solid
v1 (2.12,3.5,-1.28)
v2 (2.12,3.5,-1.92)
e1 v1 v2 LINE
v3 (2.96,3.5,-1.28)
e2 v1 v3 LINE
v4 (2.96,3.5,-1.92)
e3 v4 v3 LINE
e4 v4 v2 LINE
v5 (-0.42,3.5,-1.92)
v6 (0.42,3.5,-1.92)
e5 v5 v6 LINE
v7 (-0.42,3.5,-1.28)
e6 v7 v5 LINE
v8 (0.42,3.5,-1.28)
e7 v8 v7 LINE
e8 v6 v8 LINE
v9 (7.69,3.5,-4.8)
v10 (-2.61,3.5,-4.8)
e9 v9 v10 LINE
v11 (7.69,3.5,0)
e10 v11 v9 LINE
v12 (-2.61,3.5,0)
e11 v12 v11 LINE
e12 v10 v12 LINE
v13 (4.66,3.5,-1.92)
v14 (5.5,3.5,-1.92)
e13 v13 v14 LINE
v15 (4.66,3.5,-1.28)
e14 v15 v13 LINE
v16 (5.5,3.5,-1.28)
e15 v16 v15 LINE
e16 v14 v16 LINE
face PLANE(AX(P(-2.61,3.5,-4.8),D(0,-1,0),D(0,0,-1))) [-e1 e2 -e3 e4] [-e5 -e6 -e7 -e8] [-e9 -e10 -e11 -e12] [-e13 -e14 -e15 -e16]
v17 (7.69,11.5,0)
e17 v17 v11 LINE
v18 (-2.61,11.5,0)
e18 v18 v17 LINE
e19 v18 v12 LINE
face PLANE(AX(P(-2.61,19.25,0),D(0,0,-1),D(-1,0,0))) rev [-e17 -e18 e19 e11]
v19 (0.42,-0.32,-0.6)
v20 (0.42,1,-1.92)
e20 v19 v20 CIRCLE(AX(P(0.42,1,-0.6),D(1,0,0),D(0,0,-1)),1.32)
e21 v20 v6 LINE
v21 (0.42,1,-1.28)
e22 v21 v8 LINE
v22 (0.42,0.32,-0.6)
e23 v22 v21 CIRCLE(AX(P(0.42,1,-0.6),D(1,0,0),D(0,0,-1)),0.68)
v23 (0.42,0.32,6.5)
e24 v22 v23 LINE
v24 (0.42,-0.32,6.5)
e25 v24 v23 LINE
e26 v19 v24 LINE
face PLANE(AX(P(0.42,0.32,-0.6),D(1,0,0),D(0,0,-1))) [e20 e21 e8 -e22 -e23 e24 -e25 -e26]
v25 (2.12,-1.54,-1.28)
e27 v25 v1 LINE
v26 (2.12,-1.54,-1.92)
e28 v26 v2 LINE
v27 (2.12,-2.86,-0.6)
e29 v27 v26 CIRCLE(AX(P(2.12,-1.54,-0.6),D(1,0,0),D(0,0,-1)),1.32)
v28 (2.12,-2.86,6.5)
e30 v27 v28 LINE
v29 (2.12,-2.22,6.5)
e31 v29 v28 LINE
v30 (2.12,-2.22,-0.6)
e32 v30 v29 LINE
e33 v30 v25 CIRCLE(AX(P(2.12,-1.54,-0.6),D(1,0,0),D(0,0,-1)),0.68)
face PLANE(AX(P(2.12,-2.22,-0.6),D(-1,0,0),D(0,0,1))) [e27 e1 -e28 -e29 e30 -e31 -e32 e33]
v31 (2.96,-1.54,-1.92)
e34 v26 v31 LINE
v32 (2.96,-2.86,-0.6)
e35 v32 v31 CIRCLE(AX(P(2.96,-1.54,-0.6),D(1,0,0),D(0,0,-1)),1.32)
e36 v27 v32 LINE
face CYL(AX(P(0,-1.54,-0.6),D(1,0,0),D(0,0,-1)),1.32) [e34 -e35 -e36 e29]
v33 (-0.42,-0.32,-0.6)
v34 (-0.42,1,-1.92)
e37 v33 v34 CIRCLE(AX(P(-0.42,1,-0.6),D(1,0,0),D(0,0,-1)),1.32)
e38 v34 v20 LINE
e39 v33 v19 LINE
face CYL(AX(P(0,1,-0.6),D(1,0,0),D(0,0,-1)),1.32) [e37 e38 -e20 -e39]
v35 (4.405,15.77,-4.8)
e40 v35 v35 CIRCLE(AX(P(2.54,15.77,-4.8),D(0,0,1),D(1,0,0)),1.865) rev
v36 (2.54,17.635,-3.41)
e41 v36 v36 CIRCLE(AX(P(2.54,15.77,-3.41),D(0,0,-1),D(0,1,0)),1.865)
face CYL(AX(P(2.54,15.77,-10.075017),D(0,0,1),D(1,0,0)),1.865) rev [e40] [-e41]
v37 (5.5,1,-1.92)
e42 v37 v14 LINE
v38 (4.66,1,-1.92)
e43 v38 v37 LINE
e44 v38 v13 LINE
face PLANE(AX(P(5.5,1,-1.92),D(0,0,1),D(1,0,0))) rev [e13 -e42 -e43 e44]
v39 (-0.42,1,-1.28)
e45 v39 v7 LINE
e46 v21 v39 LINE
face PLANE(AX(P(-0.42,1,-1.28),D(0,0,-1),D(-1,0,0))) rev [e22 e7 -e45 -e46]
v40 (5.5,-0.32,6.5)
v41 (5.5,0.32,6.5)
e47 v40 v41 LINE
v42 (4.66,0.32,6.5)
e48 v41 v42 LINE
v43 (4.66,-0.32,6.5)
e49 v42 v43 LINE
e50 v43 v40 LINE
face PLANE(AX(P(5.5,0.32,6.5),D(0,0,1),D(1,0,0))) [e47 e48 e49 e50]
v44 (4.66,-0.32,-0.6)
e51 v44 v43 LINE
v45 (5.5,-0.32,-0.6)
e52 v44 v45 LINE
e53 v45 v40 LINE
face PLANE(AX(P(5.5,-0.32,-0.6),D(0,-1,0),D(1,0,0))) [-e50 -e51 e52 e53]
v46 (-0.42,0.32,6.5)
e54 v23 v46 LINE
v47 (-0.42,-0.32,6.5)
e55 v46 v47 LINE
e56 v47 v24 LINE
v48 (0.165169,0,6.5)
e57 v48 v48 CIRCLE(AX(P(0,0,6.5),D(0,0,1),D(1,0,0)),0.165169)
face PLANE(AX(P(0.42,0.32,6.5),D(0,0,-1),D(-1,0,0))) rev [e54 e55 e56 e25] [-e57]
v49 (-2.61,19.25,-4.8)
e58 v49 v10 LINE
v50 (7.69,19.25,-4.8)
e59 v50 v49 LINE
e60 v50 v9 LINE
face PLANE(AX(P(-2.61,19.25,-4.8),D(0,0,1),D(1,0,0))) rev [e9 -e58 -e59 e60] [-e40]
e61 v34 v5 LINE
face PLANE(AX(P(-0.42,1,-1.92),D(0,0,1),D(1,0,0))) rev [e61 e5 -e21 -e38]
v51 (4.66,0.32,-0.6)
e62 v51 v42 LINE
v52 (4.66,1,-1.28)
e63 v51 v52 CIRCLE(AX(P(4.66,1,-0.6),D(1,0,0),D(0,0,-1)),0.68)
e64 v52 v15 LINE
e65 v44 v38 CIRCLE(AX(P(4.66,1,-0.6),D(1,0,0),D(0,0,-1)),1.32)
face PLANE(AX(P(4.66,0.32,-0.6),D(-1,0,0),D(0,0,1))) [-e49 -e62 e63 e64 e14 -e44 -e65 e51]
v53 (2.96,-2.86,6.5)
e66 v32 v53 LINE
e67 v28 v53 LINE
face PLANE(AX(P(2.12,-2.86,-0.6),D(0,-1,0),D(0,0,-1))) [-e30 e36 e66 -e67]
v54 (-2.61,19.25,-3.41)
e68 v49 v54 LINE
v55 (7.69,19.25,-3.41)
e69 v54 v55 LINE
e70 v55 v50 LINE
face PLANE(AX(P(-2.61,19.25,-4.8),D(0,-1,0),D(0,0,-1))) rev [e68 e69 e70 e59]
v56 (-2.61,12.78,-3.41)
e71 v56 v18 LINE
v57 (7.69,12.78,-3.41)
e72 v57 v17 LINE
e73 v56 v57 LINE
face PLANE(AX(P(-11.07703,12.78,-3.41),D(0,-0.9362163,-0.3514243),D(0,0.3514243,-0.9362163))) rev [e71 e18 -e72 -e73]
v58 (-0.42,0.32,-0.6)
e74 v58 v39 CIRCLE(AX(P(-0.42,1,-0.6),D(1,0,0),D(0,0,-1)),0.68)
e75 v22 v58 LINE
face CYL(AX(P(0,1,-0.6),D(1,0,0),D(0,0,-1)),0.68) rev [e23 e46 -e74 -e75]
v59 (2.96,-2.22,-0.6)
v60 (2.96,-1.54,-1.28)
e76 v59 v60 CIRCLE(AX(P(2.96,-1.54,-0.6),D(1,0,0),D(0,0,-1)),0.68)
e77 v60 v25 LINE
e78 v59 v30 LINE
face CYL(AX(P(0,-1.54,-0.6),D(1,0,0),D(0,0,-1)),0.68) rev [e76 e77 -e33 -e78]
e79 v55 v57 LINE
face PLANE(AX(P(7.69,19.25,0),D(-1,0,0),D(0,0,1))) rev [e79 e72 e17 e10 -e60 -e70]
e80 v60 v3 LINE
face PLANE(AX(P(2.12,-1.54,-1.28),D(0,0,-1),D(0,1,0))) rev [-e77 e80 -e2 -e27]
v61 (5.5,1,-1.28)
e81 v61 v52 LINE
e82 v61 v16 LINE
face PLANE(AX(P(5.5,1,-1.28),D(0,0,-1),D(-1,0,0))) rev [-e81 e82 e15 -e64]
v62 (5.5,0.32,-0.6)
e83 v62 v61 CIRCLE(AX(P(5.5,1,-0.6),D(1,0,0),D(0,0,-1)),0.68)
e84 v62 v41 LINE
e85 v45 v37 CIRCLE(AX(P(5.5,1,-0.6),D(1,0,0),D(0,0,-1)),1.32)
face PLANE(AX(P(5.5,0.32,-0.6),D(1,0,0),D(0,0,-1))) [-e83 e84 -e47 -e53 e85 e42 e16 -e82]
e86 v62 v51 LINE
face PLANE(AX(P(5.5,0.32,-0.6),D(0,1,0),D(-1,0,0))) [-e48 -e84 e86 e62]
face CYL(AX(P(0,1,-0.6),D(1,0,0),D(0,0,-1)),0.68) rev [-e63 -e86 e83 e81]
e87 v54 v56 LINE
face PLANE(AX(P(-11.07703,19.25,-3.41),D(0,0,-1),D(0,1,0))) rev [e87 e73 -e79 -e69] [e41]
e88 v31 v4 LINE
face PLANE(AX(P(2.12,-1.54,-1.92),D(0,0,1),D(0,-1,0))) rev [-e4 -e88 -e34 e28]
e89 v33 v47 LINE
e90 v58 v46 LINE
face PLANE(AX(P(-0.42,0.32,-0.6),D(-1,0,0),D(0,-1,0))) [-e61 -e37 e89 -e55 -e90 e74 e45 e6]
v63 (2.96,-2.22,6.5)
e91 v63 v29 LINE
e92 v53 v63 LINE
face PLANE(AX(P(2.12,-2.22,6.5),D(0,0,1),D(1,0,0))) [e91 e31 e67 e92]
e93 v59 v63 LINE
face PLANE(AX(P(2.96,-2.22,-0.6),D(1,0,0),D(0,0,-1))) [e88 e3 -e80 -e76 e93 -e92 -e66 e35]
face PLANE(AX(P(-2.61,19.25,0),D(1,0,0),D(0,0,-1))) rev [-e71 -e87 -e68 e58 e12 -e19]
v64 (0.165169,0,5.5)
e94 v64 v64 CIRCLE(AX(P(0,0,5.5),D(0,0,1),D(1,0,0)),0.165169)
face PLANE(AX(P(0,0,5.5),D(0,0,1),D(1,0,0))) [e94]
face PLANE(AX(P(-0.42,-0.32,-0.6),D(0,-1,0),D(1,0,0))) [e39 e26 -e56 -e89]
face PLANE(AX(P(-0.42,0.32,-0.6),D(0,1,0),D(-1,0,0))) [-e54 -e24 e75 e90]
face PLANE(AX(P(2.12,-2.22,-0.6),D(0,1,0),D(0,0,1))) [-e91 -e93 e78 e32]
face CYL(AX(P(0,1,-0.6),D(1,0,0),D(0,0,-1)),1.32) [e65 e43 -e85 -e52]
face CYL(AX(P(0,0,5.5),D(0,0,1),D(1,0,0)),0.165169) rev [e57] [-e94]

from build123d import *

# Parameters (mm, degrees)
SKETCH_5_W                      = 10.3
SKETCH_5_H                      = 4.8
EXTRUDE_1_DEPTH                 = 15.75
CUT_EXTRUDE_1_REACH             = 23.278
CUT_EXTRUDE_1_DIRECTION_2_REACH = 23.278
SKETCH_11_R                     = 1.865
CUT_EXTRUDE_2_DEPTH             = 4.8
SKETCH_3_W                      = 0.84
SKETCH_3_H                      = 0.64
SKETCH_4_W                      = 0.84
SKETCH_4_H                      = 0.64
SKETCH_3_3_W                    = 0.84
SKETCH_3_3_H                    = 0.64
EXTRUDE_2_DEPTH                 = 2.5
SKETCH_4_3_W                    = 0.84
SKETCH_4_3_H                    = 0.64
EXTRUDE_3_DEPTH                 = 2.5
SKETCH_12_W                     = 0.84
SKETCH_12_H                     = 0.64
EXTRUDE_4_DEPTH                 = 4
SKETCH_13_R                     = 0.16516852
CUT_EXTRUDE_3_DEPTH             = 1


with BuildPart() as part:
    # Эскиз5 → Вытянуть1 (new body)
    with BuildSketch(Plane(origin=(0, 3.5, 0), x_dir=(-1, 0, 0), z_dir=(0, 1, 0))):
        with Locations((-2.54, -2.4)):
            Rectangle(SKETCH_5_W, SKETCH_5_H)
    extrude(amount=EXTRUDE_1_DEPTH)

    # Вырез-Вытянуть1: up to this face of the body (flat: up to its plane)
    cut_extrude_1_end = Plane(part.part.faces().sort_by_distance((-2.61, 11.375, -2.4))[0])
    # Эскиз10 → Вырез-Вытянуть1 (cut, up to the picked face)
    with BuildSketch(Plane(origin=(0, 0, 0), x_dir=(0, 0, -1), z_dir=(1, 0, 0)), mode=Mode.PRIVATE) as cut_extrude_1_sk1:
        Polygon((0, 19.25), (3.41, 19.25), (3.41, 12.78), (0, 11.5), align=None)
    cut_extrude_1_tool1 = split(extrude(cut_extrude_1_sk1.sketch, amount=-CUT_EXTRUDE_1_REACH, mode=Mode.PRIVATE), bisect_by=cut_extrude_1_end, keep=Keep.BOTH, mode=Mode.PRIVATE)
    add(cut_extrude_1_tool1.solids().sort_by(Axis((0, 15.685398, -1.653842), (-1, 0, 0)))[0], mode=Mode.SUBTRACT)

    # Вырез-Вытянуть1 direction 2: up to this face of the body (flat: up to its plane)
    cut_extrude_1_direction_2_end = Plane(part.part.faces().sort_by_distance((7.69, 11.375, -2.4))[0])
    # Эскиз10 → Вырез-Вытянуть1 direction 2 (cut, up to the picked face)
    with BuildSketch(Plane(origin=(0, 0, 0), x_dir=(0, 0, -1), z_dir=(1, 0, 0)), mode=Mode.PRIVATE) as cut_extrude_1_direction_2_sk1:
        Polygon((0, 19.25), (3.41, 19.25), (3.41, 12.78), (0, 11.5), align=None)
    cut_extrude_1_direction_2_tool1 = split(extrude(cut_extrude_1_direction_2_sk1.sketch, amount=CUT_EXTRUDE_1_DIRECTION_2_REACH, mode=Mode.PRIVATE), bisect_by=cut_extrude_1_direction_2_end, keep=Keep.BOTH, mode=Mode.PRIVATE)
    add(cut_extrude_1_direction_2_tool1.solids().sort_by(Axis((0, 15.685398, -1.653842), (1, 0, 0)))[0], mode=Mode.SUBTRACT)

    # Эскиз11 → Вырез-Вытянуть2 (cut)
    with BuildSketch(Plane.XY):
        with Locations((2.54, 15.77)):
            Circle(SKETCH_11_R)
    extrude(amount=-CUT_EXTRUDE_2_DEPTH, mode=Mode.SUBTRACT)

    # По траектории1: sweep along a path in Эскиз8
    with BuildLine(Plane(origin=(0, 0, 0), x_dir=(0, 0, -1), z_dir=(1, 0, 0))) as sweep_1_path:
        Line((0, 0), (0.6, 0))
        ThreePointArc((0.6, 0), (1.307106781, 0.292893219), (1.6, 1))
        Line((1.6, 1), (1.6, 3.5))
    # Эскиз3 → По траектории1 (sweep)
    with BuildSketch(Plane.XY):
        Rectangle(SKETCH_3_W, SKETCH_3_H)
        with Locations((5.08, 0)):
            Rectangle(SKETCH_3_W, SKETCH_3_H)
    sweep(path=sweep_1_path.line)

    # По траектории2: sweep along a path in Эскиз9
    with BuildLine(Plane(origin=(0, 0, 0), x_dir=(0, 0, -1), z_dir=(1, 0, 0))) as sweep_2_path:
        Line((0, -2.54), (0.6, -2.54))
        ThreePointArc((0.6, -2.54), (1.307106781, -2.247106781), (1.6, -1.54))
        Line((1.6, -1.54), (1.6, 4.77))
    # Эскиз4 → По траектории2 (sweep)
    with BuildSketch(Plane.XY):
        with Locations((2.54, -2.54)):
            Rectangle(SKETCH_4_W, SKETCH_4_H)
    sweep(path=sweep_2_path.line)

    # Эскиз3<3> → Вытянуть2 (add)
    with BuildSketch(Plane.XY):
        Rectangle(SKETCH_3_3_W, SKETCH_3_3_H)
        with Locations((5.08, 0)):
            Rectangle(SKETCH_3_3_W, SKETCH_3_3_H)
    extrude(amount=EXTRUDE_2_DEPTH)

    # Эскиз4<3> → Вытянуть3 (add)
    with BuildSketch(Plane.XY):
        with Locations((2.54, -2.54)):
            Rectangle(SKETCH_4_3_W, SKETCH_4_3_H)
    extrude(amount=EXTRUDE_3_DEPTH)

    # Эскиз12 → Вытянуть4 (add)
    with BuildSketch(Plane.XY.offset(2.5)):
        Rectangle(SKETCH_12_W, SKETCH_12_H)
        with Locations((5.08, 0)):
            Rectangle(SKETCH_12_W, SKETCH_12_H)
        with Locations((2.54, -2.54)):
            Rectangle(SKETCH_12_W, SKETCH_12_H)
    extrude(amount=EXTRUDE_4_DEPTH)

    # Эскиз13 → Вырез-Вытянуть3 (cut)
    with BuildSketch(Plane.XY.offset(6.5)):
        Circle(SKETCH_13_R)
    extrude(amount=-CUT_EXTRUDE_3_DEPTH, mode=Mode.SUBTRACT)


solid = part.part
